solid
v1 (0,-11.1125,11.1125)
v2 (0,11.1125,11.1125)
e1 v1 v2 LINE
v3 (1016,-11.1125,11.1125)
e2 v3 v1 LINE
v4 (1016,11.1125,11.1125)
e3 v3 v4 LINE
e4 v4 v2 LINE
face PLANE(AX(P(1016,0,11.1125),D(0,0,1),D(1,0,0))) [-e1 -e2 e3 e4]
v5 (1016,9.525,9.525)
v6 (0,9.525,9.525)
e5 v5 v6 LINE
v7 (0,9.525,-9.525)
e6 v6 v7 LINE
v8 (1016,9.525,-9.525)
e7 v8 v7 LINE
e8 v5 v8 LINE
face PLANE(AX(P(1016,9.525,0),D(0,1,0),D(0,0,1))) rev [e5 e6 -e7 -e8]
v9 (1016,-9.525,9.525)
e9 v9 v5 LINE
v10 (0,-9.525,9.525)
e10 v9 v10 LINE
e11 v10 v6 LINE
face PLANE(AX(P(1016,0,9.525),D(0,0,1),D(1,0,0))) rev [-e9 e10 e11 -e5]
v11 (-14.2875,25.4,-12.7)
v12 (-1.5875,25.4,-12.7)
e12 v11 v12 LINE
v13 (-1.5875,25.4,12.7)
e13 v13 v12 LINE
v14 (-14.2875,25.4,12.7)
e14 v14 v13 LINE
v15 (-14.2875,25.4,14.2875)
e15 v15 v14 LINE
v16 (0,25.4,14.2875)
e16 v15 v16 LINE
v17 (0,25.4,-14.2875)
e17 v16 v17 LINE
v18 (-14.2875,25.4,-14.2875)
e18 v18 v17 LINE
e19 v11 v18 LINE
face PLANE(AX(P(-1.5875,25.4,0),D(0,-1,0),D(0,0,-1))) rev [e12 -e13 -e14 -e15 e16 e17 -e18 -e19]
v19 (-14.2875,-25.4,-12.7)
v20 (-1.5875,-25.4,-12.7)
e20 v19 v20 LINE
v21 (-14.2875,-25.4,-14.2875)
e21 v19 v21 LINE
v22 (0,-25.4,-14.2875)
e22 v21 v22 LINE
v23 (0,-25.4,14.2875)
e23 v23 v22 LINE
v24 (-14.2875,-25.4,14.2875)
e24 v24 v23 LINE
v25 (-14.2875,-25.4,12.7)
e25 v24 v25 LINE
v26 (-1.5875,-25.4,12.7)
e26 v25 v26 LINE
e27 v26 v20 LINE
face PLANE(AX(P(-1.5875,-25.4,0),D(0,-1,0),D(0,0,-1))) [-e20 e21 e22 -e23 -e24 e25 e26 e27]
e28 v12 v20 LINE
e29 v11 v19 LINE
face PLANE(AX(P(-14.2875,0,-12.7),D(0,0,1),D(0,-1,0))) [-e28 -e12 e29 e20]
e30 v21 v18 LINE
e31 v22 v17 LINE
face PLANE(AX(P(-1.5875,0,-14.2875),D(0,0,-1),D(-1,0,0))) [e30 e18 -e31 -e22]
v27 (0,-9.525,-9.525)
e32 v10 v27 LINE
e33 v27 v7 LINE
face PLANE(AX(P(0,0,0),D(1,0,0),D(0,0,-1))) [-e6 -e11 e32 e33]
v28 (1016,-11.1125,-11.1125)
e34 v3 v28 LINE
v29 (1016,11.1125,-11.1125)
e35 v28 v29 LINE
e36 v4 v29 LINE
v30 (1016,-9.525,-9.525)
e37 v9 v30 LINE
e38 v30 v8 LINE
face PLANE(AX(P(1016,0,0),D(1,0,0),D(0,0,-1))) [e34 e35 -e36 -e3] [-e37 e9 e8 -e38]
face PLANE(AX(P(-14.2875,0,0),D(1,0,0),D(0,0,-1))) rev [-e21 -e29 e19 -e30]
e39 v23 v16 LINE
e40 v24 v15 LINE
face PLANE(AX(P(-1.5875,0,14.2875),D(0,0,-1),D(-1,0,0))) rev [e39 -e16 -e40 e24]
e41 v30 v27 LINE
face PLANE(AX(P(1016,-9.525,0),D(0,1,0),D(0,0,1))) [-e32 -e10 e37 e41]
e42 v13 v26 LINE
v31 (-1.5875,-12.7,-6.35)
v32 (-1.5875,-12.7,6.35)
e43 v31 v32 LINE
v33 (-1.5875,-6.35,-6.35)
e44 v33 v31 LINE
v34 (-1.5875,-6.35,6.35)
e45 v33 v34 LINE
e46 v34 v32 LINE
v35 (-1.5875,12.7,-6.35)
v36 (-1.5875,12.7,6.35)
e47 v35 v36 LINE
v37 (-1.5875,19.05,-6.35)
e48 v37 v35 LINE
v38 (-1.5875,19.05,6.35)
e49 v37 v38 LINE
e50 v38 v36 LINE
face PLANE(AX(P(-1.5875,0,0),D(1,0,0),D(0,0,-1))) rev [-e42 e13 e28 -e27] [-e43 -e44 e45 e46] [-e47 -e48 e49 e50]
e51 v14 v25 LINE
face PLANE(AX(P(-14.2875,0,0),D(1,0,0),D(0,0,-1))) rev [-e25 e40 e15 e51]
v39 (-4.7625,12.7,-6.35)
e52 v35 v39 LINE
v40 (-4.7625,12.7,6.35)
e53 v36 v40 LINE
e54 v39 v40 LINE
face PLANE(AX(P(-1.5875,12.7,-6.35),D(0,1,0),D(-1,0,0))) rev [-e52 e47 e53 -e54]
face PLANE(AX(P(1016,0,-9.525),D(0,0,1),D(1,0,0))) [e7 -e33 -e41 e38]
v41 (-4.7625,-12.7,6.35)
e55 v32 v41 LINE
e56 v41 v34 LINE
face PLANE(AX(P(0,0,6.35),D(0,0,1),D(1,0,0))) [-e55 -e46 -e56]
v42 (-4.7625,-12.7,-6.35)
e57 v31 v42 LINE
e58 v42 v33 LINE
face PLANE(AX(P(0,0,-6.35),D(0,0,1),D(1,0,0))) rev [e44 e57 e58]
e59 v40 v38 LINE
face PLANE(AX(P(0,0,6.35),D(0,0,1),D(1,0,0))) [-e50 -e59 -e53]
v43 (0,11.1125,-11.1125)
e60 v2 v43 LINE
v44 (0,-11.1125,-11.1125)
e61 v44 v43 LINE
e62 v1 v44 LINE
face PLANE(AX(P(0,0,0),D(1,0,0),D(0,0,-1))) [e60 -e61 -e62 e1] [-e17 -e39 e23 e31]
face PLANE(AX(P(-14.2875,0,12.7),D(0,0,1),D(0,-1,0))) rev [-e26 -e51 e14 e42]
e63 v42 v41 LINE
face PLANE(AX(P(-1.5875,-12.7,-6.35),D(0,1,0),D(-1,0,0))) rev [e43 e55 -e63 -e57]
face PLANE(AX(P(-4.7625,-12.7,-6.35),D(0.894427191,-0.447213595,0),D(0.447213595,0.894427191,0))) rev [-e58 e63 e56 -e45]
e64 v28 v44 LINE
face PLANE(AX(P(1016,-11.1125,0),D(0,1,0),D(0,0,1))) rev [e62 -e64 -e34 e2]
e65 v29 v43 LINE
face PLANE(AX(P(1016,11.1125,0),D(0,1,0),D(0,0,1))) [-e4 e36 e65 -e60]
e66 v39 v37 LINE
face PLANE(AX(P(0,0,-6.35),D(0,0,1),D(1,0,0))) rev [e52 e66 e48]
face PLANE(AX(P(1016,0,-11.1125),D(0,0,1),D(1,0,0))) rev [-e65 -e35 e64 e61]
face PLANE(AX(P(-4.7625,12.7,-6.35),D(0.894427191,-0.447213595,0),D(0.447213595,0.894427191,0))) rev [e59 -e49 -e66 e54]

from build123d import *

# Parameters (mm, degrees)
SKETCH1_W           = 28.575
SKETCH1_H           = 50.8
BOSS_EXTRUDE1_DEPTH = 1.5875
SKETCH1_3_W         = 1.5875
SKETCH1_3_H         = 50.8
BOSS_EXTRUDE2_DEPTH = 14.2875
SKETCH1_4_W         = 22.225
SKETCH1_4_H         = 22.225
SKETCH1_4_W_2       = 19.05
SKETCH1_4_H_2       = 19.05
BOSS_EXTRUDE3_DEPTH = 1016
BOSS_EXTRUDE4_DEPTH = 12.7
LPATTERN1_COUNT     = 2
LPATTERN1_PITCH     = 25.4


with BuildPart() as part:
    # Sketch1 → Boss-Extrude1 (new body)
    with BuildSketch(Plane(origin=(0, 0, 0), x_dir=(0, 0, -1), z_dir=(1, 0, 0))):
        Rectangle(SKETCH1_W, SKETCH1_H)
    extrude(amount=-BOSS_EXTRUDE1_DEPTH)

    # Sketch1<3> → Boss-Extrude2 (add)
    with BuildSketch(Plane(origin=(0, 0, 0), x_dir=(0, 0, -1), z_dir=(1, 0, 0))):
        with Locations((-13.49375, 0)):
            Rectangle(SKETCH1_3_W, SKETCH1_3_H)
        with Locations((13.49375, 0)):
            Rectangle(SKETCH1_3_W, SKETCH1_3_H)
    extrude(amount=-BOSS_EXTRUDE2_DEPTH)

    # Sketch1<4> → Boss-Extrude3 (add)
    with BuildSketch(Plane(origin=(0, 0, 0), x_dir=(0, 0, -1), z_dir=(1, 0, 0))):
        Rectangle(SKETCH1_4_W, SKETCH1_4_H)
        Rectangle(SKETCH1_4_W_2, SKETCH1_4_H_2, mode=Mode.SUBTRACT)
    extrude(amount=BOSS_EXTRUDE3_DEPTH)

    # 3DSketch1 → Boss-Extrude4 (add)
    with BuildSketch(Plane(origin=(-1.5875, 12.7, -6.35), x_dir=(0, 1, 0), z_dir=(0, 0, 1))):
        Polygon((0, 0), (0, 3.175), (6.35, 0), align=None)
    boss_extrude4 = extrude(amount=BOSS_EXTRUDE4_DEPTH)

    # LPattern1: Boss-Extrude4 ×2
    with Locations(*[(0, -i * LPATTERN1_PITCH, 0) for i in range(1, LPATTERN1_COUNT)]):
        add(boss_extrude4)


solid = part.part
